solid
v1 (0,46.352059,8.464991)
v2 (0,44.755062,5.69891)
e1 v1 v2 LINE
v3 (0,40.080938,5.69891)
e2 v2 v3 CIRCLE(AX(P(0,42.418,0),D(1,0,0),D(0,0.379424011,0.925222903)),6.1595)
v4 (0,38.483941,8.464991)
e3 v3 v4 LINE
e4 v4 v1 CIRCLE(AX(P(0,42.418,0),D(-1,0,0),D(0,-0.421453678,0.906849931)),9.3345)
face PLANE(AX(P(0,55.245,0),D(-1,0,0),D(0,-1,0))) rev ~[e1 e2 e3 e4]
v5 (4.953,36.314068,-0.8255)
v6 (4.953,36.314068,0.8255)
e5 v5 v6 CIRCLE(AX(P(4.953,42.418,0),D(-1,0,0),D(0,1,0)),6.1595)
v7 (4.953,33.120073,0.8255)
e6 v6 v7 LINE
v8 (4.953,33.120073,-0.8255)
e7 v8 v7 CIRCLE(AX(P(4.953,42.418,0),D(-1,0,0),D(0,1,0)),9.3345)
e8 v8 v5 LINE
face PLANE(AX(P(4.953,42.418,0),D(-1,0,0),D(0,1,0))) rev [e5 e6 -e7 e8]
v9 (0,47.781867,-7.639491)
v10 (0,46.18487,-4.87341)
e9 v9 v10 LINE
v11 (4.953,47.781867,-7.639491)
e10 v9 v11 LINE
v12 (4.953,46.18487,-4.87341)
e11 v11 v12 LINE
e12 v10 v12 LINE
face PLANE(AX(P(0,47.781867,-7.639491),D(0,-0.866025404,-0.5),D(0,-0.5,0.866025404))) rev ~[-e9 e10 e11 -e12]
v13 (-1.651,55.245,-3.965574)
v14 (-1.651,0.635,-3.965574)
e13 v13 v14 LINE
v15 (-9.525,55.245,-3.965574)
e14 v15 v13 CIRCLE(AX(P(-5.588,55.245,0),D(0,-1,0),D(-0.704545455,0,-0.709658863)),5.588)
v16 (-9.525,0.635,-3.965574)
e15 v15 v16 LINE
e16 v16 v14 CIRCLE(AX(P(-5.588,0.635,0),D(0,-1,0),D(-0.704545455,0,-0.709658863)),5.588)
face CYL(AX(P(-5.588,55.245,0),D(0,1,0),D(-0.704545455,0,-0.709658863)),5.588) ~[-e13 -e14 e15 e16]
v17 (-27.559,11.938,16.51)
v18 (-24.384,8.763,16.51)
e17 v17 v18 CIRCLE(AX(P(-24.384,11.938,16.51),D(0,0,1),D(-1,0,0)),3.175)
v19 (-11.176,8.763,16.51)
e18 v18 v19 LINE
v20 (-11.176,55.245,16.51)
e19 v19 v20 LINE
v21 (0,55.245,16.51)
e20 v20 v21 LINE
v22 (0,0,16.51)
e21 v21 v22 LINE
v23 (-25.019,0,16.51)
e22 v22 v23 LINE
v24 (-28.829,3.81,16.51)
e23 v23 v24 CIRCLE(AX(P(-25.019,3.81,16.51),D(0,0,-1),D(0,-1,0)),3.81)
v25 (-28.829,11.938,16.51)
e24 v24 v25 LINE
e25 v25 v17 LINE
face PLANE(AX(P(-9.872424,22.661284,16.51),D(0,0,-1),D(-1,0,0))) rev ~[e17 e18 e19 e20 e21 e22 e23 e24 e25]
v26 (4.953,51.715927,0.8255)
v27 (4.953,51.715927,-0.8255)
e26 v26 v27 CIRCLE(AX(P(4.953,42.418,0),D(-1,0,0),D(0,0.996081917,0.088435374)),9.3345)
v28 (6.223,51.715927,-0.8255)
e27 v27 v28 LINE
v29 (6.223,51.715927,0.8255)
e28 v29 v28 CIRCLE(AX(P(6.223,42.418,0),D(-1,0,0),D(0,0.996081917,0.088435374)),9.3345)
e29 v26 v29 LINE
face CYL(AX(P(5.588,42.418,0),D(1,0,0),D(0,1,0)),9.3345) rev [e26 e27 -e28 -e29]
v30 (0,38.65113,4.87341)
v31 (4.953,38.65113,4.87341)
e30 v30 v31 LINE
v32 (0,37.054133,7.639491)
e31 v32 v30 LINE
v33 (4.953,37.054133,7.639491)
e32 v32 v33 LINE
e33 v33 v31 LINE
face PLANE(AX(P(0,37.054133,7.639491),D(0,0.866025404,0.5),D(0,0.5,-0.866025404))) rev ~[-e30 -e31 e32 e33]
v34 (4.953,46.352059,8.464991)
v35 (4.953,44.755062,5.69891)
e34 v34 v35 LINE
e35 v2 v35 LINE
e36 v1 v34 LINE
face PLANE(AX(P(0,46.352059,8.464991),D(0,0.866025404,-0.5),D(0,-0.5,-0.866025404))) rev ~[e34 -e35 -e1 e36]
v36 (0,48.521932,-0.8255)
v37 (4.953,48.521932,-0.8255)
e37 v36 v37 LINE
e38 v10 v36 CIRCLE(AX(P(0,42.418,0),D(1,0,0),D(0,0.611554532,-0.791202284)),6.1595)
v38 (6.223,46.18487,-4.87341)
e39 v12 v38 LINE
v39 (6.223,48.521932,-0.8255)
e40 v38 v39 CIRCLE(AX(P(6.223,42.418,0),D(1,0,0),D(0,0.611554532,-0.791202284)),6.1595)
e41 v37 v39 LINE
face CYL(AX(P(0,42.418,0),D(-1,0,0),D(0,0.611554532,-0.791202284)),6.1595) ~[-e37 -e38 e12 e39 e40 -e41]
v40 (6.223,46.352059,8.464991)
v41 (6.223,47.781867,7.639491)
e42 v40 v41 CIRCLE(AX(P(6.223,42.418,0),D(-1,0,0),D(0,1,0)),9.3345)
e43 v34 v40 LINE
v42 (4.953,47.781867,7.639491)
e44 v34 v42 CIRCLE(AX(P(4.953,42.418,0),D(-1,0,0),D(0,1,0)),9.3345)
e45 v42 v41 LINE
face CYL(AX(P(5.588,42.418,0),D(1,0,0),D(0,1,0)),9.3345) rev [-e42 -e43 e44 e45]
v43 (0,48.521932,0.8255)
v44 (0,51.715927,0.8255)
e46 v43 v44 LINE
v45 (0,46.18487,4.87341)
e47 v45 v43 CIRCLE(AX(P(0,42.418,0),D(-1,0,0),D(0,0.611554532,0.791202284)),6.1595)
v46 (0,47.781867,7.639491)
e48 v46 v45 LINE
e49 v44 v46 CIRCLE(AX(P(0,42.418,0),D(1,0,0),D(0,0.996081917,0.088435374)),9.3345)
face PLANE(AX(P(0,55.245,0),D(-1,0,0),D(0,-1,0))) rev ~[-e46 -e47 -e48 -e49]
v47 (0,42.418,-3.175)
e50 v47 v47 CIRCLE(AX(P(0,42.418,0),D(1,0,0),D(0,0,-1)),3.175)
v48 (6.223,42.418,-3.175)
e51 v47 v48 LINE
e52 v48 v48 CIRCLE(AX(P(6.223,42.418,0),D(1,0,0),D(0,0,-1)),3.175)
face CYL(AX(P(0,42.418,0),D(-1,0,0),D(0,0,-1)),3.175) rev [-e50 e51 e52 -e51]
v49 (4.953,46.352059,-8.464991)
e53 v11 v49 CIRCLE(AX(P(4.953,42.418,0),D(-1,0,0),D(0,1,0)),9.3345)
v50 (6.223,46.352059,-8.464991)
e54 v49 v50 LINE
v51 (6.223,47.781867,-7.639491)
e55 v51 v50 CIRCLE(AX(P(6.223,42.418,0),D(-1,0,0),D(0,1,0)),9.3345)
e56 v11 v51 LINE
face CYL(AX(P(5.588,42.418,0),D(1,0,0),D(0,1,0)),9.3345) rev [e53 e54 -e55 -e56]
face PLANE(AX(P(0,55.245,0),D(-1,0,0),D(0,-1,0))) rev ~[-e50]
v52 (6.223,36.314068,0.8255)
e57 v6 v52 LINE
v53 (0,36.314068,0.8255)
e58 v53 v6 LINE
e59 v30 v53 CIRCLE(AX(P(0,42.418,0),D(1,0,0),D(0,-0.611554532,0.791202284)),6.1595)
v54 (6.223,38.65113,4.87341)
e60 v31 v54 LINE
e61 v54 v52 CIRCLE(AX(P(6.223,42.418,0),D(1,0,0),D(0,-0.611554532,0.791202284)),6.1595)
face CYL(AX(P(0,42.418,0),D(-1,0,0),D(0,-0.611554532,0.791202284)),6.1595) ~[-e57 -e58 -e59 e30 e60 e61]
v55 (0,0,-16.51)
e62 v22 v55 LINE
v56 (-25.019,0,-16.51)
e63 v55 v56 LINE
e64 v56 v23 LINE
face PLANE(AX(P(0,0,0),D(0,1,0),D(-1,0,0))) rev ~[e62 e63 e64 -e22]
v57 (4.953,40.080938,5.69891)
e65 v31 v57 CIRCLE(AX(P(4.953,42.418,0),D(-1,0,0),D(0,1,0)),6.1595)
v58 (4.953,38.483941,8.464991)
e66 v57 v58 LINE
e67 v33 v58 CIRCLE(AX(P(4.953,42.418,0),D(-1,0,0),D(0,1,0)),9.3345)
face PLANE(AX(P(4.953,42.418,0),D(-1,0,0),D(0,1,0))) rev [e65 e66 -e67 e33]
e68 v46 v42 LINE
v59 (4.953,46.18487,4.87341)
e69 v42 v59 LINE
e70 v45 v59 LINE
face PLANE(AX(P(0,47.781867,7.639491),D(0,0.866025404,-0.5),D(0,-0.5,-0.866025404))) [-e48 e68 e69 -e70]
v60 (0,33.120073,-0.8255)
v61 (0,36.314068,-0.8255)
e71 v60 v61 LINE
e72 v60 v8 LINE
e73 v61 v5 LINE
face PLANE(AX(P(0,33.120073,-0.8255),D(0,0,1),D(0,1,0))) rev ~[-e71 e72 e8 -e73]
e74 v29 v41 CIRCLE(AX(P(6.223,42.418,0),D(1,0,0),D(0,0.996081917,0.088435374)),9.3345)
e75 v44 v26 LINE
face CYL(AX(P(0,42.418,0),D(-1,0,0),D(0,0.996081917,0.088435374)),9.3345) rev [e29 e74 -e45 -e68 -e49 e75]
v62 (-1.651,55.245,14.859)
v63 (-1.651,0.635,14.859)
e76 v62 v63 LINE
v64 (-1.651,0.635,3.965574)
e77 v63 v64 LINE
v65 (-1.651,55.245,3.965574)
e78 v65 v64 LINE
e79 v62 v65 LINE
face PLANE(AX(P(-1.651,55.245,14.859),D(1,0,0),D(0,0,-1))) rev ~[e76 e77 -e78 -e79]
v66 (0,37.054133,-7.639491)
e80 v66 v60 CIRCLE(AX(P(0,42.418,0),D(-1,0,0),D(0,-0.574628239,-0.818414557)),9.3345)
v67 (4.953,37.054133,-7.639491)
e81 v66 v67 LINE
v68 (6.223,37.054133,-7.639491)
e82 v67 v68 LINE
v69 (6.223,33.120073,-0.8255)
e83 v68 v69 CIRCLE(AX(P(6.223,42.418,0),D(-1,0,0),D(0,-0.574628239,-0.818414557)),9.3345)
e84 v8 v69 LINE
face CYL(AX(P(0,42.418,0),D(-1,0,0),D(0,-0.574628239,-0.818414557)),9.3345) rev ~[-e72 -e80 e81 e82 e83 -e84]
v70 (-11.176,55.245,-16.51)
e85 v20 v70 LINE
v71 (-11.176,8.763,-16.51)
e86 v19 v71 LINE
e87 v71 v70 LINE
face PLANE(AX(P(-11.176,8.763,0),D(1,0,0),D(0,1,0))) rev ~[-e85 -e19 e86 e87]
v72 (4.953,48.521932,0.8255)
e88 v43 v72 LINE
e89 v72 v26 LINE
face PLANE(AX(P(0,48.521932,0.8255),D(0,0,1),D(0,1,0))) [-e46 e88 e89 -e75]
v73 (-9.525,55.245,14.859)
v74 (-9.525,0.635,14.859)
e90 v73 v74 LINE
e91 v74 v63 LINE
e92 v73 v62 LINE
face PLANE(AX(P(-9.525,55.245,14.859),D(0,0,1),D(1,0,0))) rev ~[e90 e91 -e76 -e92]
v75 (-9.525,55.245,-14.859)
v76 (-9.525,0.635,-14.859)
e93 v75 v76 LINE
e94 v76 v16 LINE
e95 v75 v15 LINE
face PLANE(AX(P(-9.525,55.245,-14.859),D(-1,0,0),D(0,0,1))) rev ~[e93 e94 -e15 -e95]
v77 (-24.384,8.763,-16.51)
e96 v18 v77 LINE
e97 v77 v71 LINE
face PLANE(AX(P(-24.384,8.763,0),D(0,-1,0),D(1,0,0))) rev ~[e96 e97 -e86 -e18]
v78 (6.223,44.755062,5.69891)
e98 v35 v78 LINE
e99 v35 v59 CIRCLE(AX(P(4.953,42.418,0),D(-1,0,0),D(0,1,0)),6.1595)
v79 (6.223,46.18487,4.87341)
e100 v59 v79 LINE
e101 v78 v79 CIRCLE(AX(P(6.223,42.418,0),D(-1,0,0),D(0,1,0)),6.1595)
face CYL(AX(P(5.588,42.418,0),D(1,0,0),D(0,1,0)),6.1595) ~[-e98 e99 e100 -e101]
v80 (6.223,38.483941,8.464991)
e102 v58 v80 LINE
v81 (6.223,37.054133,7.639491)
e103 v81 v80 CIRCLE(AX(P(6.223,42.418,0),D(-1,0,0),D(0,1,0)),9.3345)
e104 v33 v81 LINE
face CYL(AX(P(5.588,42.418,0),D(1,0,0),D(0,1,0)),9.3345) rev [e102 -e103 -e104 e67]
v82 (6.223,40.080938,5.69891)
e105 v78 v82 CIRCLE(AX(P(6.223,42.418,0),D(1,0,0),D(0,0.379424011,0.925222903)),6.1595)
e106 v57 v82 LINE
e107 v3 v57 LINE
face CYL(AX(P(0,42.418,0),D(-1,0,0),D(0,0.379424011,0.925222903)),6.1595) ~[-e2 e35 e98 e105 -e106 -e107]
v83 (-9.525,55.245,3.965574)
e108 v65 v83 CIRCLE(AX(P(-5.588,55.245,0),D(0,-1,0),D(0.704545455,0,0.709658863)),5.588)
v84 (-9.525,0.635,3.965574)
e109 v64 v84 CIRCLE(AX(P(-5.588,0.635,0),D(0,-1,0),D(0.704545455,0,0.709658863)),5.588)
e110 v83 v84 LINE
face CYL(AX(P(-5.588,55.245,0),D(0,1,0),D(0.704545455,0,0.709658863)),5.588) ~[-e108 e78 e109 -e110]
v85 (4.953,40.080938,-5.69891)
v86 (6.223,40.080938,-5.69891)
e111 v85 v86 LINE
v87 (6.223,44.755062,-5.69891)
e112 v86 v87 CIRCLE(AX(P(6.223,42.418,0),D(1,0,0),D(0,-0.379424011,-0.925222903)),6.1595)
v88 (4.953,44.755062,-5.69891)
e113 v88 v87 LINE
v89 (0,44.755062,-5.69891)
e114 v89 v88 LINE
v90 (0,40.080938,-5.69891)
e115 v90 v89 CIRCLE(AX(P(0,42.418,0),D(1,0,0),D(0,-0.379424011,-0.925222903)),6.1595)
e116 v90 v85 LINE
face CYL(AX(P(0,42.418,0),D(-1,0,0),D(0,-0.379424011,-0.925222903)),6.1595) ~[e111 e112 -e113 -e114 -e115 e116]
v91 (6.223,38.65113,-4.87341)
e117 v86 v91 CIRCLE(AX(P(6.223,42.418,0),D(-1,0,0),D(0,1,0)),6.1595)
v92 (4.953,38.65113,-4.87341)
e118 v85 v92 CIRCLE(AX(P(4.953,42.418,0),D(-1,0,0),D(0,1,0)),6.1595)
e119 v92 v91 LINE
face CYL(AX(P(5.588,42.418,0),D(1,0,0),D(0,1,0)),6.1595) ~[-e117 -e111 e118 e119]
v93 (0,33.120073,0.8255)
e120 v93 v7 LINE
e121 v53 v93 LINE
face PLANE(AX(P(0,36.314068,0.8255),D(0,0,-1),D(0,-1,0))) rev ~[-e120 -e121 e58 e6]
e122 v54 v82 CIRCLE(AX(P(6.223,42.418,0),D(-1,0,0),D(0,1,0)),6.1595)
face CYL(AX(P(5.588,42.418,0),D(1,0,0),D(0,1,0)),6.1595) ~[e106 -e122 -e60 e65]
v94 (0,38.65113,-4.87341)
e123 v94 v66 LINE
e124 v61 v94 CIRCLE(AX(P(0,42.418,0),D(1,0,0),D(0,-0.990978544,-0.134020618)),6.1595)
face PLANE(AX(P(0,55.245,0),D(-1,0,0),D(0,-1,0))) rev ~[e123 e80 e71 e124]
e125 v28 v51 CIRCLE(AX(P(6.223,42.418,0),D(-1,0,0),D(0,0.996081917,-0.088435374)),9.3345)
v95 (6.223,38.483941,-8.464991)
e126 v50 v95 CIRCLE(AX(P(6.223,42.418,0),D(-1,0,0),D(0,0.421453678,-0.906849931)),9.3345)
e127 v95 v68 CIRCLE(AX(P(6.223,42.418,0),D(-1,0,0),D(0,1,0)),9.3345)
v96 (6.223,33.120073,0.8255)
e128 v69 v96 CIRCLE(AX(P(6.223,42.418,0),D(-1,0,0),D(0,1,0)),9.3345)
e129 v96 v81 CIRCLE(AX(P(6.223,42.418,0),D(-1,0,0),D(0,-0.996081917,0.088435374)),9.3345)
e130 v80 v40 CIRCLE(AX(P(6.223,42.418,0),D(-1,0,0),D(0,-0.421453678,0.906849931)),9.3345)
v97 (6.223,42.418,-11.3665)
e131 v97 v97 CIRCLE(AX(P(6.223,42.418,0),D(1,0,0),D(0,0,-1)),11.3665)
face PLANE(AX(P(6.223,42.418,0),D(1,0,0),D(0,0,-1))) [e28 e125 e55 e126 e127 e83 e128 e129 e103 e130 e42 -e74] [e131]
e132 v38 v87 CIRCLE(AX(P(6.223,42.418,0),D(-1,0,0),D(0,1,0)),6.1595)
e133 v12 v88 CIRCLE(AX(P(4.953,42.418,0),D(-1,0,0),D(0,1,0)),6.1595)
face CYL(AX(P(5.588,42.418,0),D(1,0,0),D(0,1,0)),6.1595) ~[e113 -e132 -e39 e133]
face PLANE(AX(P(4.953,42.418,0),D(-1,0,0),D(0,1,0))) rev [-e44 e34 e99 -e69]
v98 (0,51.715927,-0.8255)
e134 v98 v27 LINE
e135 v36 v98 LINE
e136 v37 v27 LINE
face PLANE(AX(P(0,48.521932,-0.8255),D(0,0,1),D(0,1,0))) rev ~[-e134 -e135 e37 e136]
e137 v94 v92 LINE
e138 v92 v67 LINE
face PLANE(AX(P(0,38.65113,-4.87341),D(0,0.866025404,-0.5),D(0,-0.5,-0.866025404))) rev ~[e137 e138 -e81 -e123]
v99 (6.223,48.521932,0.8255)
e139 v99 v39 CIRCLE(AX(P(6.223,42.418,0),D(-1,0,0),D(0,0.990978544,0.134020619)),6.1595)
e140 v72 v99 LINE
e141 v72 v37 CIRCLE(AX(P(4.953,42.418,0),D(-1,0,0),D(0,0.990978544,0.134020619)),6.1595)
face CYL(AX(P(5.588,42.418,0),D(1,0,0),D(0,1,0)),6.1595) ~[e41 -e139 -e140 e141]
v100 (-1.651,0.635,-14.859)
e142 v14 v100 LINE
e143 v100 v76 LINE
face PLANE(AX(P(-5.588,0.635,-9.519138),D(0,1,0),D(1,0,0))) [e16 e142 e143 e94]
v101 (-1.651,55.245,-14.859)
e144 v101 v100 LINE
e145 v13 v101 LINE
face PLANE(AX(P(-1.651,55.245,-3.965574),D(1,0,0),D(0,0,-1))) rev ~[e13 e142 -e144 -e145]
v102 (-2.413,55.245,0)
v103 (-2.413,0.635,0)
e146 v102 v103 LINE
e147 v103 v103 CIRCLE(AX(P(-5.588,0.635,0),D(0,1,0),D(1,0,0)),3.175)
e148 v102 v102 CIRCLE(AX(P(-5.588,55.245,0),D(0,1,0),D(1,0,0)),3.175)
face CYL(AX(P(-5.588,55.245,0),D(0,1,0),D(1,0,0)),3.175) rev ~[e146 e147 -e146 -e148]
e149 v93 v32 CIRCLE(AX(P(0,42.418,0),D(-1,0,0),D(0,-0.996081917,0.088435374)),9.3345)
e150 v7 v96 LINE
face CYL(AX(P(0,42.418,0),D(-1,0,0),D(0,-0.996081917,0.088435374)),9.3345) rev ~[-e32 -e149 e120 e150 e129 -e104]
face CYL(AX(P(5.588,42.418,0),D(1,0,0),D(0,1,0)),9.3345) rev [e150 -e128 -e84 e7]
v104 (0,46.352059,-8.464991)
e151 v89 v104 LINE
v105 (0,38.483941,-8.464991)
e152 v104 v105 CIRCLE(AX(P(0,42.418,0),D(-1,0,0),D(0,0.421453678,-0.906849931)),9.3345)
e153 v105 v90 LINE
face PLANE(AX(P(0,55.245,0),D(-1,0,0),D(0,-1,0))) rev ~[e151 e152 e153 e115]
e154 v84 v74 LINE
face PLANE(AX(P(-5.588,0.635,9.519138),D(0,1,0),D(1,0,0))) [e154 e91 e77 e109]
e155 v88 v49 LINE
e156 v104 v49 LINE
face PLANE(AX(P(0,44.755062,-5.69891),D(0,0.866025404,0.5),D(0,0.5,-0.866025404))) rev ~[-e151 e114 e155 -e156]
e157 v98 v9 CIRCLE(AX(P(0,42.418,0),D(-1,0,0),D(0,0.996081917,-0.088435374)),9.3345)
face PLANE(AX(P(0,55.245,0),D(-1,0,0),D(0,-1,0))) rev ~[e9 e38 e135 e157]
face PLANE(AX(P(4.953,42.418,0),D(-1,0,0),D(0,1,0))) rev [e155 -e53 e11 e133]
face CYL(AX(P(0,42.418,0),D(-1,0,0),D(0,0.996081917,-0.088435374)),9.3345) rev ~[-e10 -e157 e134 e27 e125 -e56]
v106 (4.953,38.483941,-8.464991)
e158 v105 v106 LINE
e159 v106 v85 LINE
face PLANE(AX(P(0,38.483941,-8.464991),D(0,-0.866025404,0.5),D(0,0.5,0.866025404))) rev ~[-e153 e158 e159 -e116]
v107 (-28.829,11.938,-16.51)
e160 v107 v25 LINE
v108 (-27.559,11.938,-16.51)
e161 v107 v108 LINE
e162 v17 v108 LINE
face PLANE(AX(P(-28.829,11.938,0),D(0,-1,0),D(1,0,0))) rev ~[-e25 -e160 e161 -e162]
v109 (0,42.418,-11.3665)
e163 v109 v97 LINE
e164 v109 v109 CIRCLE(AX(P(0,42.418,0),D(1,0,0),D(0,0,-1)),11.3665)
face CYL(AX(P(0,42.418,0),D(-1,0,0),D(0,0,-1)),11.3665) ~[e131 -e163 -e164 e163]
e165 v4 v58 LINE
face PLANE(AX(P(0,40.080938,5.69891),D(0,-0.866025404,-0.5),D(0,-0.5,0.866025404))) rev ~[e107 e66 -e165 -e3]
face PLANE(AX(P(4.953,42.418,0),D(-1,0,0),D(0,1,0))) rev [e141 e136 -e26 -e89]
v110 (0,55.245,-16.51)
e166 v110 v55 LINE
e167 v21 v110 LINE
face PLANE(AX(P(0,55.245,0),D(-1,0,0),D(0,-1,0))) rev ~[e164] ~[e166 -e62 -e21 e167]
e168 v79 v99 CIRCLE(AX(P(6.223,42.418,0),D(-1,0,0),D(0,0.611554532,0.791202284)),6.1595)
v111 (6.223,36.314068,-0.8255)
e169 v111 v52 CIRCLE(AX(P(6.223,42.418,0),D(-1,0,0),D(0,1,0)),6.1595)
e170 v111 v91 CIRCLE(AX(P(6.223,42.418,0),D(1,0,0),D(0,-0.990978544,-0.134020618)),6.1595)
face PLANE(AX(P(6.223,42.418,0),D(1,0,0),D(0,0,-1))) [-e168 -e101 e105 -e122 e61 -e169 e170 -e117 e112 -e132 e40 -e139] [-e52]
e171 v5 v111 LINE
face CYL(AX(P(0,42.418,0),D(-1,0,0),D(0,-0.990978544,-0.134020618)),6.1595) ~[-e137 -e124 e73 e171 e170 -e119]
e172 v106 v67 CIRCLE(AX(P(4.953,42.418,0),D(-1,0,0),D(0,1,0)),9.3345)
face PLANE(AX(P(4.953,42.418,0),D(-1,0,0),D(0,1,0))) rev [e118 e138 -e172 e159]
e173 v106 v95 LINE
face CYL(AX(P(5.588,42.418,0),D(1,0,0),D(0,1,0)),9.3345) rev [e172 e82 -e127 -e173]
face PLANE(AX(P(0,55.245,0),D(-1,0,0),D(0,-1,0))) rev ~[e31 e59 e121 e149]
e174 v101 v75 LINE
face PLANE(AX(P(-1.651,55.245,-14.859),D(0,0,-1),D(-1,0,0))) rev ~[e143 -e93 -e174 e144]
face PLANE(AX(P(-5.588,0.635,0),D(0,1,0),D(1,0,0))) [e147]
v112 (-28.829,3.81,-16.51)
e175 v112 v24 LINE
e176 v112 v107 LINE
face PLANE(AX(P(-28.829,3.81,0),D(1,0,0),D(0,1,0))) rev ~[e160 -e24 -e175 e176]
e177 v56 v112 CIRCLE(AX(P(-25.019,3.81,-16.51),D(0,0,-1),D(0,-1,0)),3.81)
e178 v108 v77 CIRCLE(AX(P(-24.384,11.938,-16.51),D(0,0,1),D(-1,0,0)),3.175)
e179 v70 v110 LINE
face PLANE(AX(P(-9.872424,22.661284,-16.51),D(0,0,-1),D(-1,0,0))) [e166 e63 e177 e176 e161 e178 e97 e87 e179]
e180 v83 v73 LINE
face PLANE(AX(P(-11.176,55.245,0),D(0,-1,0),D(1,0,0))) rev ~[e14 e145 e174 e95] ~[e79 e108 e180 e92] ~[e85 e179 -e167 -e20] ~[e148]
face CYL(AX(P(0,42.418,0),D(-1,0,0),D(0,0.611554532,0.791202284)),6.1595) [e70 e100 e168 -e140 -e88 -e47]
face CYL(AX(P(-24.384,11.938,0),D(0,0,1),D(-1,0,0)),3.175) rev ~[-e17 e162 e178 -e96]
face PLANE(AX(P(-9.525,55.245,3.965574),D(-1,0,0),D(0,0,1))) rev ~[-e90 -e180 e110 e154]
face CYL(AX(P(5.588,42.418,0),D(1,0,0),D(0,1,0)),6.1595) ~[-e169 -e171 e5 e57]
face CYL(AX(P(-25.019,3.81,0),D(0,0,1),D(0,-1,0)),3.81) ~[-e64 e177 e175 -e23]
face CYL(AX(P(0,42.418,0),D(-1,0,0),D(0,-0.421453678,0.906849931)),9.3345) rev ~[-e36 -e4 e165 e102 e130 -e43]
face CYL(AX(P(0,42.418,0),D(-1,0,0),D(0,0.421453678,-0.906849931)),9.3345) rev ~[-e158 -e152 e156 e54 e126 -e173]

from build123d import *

# Parameters (mm, degrees)
BOSS_EXTRUDE1_DEPTH = 16.51
SKETCH2_R           = 11.3665
SKETCH2_R_2         = 3.175
BOSS_EXTRUDE2_DEPTH = 6.223
SKETCH3_W           = 1.27
SKETCH3_H           = 3.175
SKETCH4_R           = 3.175
CUT_EXTRUDE1_DEPTH  = 54.61


with BuildPart() as part:
    # Sketch1 → Boss-Extrude1 (new body, symmetric)
    with BuildSketch(Plane.XY):
        with BuildLine():
            Line((-28.829, 11.938), (-27.559, 11.938))
            ThreePointArc((-27.559, 11.938), (-26.62906403, 9.69293597), (-24.384, 8.763))
            Line((-24.384, 8.763), (-11.176, 8.763))
            Line((-11.176, 8.763), (-11.176, 55.245))
            Line((-11.176, 55.245), (0, 55.245))
            Line((0, 55.245), (0, 0))
            Line((0, 0), (-25.019, 0))
            ThreePointArc((-25.019, 0), (-27.713076836, 1.115923164), (-28.829, 3.81))
            Line((-28.829, 3.81), (-28.829, 11.938))
        make_face()
    extrude(amount=BOSS_EXTRUDE1_DEPTH, both=True)

    # Sketch2 → Boss-Extrude2 (add)
    with BuildSketch(Plane(origin=(0, 0, 0), x_dir=(0, 0, -1), z_dir=(1, 0, 0))):
        with Locations((0, 42.418)):
            Circle(SKETCH2_R)
        with Locations((0, 42.418)):
            Circle(SKETCH2_R_2, mode=Mode.SUBTRACT)
        with BuildLine():
            Line((-0.8255, 48.521932339), (-0.8255, 51.715926651))
            ThreePointArc((-0.8255, 51.715926651), (-4.66725, 50.501914132), (-7.639490682, 47.781867296))
            Line((-7.639490682, 47.781867296), (-4.873410469, 46.18487014))
            ThreePointArc((-4.873410469, 46.18487014), (-3.07975, 47.752283475), (-0.8255, 48.521932339))
        make_face(mode=Mode.SUBTRACT)
        with BuildLine():
            Line((0.8255, 48.521932339), (0.8255, 51.715926651))
            ThreePointArc((0.8255, 51.715926651), (4.66725, 50.501914132), (7.639490682, 47.781867296))
            Line((7.639490682, 47.781867296), (4.873410469, 46.18487014))
            ThreePointArc((4.873410469, 46.18487014), (3.07975, 47.752283475), (0.8255, 48.521932339))
        make_face(mode=Mode.SUBTRACT)
        with BuildLine():
            Line((5.698910469, 44.755062199), (8.464990682, 46.352059354))
            ThreePointArc((8.464990682, 46.352059354), (9.3345, 42.418), (8.464990682, 38.483940646))
            Line((8.464990682, 38.483940646), (5.698910469, 40.080937801))
            ThreePointArc((5.698910469, 40.080937801), (6.1595, 42.418), (5.698910469, 44.755062199))
        make_face(mode=Mode.SUBTRACT)
        with BuildLine():
            Line((4.873410469, 38.65112986), (7.639490682, 37.054132704))
            ThreePointArc((7.639490682, 37.054132704), (4.66725, 34.334085868), (0.8255, 33.120073349))
            Line((0.8255, 33.120073349), (0.8255, 36.314067661))
            ThreePointArc((0.8255, 36.314067661), (3.07975, 37.083716525), (4.873410469, 38.65112986))
        make_face(mode=Mode.SUBTRACT)
        with BuildLine():
            Line((-0.8255, 36.314067661), (-0.8255, 33.120073349))
            ThreePointArc((-0.8255, 33.120073349), (-4.66725, 34.334085868), (-7.639490682, 37.054132704))
            Line((-7.639490682, 37.054132704), (-4.873410469, 38.65112986))
            ThreePointArc((-4.873410469, 38.65112986), (-3.07975, 37.083716525), (-0.8255, 36.314067661))
        make_face(mode=Mode.SUBTRACT)
        with BuildLine():
            Line((-5.698910469, 40.080937801), (-8.464990682, 38.483940646))
            ThreePointArc((-8.464990682, 38.483940646), (-9.3345, 42.418), (-8.464990682, 46.352059354))
            Line((-8.464990682, 46.352059354), (-5.698910469, 44.755062199))
            ThreePointArc((-5.698910469, 44.755062199), (-6.1595, 42.418), (-5.698910469, 40.080937801))
        make_face(mode=Mode.SUBTRACT)
    extrude(amount=BOSS_EXTRUDE2_DEPTH)

    # Sketch3 → Cut-Revolve1 (revolve, cut)
    with BuildSketch(Plane.XY):
        with Locations((5.588, 50.165)):
            Rectangle(SKETCH3_W, SKETCH3_H)
    revolve(axis=Axis((6.223, 42.418, 0), (-1, 0, 0)), mode=Mode.SUBTRACT)

    # Sketch4 → Cut-Extrude1 (cut)
    with BuildSketch(Plane(origin=(0, 55.245, 0), x_dir=(1, 0, 0), z_dir=(0, 1, 0))):
        with BuildLine():
            Line((-1.651, 3.965573729), (-1.651, 14.859))
            Line((-1.651, 14.859), (-9.525, 14.859))
            Line((-9.525, 14.859), (-9.525, 3.965573729))
            ThreePointArc((-9.525, 3.965573729), (-5.588, 5.588), (-1.651, 3.965573729))
        make_face()
        with BuildLine():
            Line((-1.651, -14.859), (-1.651, -3.965573729))
            ThreePointArc((-1.651, -3.965573729), (-5.588, -5.588), (-9.525, -3.965573729))
            Line((-9.525, -3.965573729), (-9.525, -14.859))
            Line((-9.525, -14.859), (-1.651, -14.859))
        make_face()
        with Locations((-5.588, 0)):
            Circle(SKETCH4_R)
    extrude(amount=-CUT_EXTRUDE1_DEPTH, mode=Mode.SUBTRACT)


solid = part.part
